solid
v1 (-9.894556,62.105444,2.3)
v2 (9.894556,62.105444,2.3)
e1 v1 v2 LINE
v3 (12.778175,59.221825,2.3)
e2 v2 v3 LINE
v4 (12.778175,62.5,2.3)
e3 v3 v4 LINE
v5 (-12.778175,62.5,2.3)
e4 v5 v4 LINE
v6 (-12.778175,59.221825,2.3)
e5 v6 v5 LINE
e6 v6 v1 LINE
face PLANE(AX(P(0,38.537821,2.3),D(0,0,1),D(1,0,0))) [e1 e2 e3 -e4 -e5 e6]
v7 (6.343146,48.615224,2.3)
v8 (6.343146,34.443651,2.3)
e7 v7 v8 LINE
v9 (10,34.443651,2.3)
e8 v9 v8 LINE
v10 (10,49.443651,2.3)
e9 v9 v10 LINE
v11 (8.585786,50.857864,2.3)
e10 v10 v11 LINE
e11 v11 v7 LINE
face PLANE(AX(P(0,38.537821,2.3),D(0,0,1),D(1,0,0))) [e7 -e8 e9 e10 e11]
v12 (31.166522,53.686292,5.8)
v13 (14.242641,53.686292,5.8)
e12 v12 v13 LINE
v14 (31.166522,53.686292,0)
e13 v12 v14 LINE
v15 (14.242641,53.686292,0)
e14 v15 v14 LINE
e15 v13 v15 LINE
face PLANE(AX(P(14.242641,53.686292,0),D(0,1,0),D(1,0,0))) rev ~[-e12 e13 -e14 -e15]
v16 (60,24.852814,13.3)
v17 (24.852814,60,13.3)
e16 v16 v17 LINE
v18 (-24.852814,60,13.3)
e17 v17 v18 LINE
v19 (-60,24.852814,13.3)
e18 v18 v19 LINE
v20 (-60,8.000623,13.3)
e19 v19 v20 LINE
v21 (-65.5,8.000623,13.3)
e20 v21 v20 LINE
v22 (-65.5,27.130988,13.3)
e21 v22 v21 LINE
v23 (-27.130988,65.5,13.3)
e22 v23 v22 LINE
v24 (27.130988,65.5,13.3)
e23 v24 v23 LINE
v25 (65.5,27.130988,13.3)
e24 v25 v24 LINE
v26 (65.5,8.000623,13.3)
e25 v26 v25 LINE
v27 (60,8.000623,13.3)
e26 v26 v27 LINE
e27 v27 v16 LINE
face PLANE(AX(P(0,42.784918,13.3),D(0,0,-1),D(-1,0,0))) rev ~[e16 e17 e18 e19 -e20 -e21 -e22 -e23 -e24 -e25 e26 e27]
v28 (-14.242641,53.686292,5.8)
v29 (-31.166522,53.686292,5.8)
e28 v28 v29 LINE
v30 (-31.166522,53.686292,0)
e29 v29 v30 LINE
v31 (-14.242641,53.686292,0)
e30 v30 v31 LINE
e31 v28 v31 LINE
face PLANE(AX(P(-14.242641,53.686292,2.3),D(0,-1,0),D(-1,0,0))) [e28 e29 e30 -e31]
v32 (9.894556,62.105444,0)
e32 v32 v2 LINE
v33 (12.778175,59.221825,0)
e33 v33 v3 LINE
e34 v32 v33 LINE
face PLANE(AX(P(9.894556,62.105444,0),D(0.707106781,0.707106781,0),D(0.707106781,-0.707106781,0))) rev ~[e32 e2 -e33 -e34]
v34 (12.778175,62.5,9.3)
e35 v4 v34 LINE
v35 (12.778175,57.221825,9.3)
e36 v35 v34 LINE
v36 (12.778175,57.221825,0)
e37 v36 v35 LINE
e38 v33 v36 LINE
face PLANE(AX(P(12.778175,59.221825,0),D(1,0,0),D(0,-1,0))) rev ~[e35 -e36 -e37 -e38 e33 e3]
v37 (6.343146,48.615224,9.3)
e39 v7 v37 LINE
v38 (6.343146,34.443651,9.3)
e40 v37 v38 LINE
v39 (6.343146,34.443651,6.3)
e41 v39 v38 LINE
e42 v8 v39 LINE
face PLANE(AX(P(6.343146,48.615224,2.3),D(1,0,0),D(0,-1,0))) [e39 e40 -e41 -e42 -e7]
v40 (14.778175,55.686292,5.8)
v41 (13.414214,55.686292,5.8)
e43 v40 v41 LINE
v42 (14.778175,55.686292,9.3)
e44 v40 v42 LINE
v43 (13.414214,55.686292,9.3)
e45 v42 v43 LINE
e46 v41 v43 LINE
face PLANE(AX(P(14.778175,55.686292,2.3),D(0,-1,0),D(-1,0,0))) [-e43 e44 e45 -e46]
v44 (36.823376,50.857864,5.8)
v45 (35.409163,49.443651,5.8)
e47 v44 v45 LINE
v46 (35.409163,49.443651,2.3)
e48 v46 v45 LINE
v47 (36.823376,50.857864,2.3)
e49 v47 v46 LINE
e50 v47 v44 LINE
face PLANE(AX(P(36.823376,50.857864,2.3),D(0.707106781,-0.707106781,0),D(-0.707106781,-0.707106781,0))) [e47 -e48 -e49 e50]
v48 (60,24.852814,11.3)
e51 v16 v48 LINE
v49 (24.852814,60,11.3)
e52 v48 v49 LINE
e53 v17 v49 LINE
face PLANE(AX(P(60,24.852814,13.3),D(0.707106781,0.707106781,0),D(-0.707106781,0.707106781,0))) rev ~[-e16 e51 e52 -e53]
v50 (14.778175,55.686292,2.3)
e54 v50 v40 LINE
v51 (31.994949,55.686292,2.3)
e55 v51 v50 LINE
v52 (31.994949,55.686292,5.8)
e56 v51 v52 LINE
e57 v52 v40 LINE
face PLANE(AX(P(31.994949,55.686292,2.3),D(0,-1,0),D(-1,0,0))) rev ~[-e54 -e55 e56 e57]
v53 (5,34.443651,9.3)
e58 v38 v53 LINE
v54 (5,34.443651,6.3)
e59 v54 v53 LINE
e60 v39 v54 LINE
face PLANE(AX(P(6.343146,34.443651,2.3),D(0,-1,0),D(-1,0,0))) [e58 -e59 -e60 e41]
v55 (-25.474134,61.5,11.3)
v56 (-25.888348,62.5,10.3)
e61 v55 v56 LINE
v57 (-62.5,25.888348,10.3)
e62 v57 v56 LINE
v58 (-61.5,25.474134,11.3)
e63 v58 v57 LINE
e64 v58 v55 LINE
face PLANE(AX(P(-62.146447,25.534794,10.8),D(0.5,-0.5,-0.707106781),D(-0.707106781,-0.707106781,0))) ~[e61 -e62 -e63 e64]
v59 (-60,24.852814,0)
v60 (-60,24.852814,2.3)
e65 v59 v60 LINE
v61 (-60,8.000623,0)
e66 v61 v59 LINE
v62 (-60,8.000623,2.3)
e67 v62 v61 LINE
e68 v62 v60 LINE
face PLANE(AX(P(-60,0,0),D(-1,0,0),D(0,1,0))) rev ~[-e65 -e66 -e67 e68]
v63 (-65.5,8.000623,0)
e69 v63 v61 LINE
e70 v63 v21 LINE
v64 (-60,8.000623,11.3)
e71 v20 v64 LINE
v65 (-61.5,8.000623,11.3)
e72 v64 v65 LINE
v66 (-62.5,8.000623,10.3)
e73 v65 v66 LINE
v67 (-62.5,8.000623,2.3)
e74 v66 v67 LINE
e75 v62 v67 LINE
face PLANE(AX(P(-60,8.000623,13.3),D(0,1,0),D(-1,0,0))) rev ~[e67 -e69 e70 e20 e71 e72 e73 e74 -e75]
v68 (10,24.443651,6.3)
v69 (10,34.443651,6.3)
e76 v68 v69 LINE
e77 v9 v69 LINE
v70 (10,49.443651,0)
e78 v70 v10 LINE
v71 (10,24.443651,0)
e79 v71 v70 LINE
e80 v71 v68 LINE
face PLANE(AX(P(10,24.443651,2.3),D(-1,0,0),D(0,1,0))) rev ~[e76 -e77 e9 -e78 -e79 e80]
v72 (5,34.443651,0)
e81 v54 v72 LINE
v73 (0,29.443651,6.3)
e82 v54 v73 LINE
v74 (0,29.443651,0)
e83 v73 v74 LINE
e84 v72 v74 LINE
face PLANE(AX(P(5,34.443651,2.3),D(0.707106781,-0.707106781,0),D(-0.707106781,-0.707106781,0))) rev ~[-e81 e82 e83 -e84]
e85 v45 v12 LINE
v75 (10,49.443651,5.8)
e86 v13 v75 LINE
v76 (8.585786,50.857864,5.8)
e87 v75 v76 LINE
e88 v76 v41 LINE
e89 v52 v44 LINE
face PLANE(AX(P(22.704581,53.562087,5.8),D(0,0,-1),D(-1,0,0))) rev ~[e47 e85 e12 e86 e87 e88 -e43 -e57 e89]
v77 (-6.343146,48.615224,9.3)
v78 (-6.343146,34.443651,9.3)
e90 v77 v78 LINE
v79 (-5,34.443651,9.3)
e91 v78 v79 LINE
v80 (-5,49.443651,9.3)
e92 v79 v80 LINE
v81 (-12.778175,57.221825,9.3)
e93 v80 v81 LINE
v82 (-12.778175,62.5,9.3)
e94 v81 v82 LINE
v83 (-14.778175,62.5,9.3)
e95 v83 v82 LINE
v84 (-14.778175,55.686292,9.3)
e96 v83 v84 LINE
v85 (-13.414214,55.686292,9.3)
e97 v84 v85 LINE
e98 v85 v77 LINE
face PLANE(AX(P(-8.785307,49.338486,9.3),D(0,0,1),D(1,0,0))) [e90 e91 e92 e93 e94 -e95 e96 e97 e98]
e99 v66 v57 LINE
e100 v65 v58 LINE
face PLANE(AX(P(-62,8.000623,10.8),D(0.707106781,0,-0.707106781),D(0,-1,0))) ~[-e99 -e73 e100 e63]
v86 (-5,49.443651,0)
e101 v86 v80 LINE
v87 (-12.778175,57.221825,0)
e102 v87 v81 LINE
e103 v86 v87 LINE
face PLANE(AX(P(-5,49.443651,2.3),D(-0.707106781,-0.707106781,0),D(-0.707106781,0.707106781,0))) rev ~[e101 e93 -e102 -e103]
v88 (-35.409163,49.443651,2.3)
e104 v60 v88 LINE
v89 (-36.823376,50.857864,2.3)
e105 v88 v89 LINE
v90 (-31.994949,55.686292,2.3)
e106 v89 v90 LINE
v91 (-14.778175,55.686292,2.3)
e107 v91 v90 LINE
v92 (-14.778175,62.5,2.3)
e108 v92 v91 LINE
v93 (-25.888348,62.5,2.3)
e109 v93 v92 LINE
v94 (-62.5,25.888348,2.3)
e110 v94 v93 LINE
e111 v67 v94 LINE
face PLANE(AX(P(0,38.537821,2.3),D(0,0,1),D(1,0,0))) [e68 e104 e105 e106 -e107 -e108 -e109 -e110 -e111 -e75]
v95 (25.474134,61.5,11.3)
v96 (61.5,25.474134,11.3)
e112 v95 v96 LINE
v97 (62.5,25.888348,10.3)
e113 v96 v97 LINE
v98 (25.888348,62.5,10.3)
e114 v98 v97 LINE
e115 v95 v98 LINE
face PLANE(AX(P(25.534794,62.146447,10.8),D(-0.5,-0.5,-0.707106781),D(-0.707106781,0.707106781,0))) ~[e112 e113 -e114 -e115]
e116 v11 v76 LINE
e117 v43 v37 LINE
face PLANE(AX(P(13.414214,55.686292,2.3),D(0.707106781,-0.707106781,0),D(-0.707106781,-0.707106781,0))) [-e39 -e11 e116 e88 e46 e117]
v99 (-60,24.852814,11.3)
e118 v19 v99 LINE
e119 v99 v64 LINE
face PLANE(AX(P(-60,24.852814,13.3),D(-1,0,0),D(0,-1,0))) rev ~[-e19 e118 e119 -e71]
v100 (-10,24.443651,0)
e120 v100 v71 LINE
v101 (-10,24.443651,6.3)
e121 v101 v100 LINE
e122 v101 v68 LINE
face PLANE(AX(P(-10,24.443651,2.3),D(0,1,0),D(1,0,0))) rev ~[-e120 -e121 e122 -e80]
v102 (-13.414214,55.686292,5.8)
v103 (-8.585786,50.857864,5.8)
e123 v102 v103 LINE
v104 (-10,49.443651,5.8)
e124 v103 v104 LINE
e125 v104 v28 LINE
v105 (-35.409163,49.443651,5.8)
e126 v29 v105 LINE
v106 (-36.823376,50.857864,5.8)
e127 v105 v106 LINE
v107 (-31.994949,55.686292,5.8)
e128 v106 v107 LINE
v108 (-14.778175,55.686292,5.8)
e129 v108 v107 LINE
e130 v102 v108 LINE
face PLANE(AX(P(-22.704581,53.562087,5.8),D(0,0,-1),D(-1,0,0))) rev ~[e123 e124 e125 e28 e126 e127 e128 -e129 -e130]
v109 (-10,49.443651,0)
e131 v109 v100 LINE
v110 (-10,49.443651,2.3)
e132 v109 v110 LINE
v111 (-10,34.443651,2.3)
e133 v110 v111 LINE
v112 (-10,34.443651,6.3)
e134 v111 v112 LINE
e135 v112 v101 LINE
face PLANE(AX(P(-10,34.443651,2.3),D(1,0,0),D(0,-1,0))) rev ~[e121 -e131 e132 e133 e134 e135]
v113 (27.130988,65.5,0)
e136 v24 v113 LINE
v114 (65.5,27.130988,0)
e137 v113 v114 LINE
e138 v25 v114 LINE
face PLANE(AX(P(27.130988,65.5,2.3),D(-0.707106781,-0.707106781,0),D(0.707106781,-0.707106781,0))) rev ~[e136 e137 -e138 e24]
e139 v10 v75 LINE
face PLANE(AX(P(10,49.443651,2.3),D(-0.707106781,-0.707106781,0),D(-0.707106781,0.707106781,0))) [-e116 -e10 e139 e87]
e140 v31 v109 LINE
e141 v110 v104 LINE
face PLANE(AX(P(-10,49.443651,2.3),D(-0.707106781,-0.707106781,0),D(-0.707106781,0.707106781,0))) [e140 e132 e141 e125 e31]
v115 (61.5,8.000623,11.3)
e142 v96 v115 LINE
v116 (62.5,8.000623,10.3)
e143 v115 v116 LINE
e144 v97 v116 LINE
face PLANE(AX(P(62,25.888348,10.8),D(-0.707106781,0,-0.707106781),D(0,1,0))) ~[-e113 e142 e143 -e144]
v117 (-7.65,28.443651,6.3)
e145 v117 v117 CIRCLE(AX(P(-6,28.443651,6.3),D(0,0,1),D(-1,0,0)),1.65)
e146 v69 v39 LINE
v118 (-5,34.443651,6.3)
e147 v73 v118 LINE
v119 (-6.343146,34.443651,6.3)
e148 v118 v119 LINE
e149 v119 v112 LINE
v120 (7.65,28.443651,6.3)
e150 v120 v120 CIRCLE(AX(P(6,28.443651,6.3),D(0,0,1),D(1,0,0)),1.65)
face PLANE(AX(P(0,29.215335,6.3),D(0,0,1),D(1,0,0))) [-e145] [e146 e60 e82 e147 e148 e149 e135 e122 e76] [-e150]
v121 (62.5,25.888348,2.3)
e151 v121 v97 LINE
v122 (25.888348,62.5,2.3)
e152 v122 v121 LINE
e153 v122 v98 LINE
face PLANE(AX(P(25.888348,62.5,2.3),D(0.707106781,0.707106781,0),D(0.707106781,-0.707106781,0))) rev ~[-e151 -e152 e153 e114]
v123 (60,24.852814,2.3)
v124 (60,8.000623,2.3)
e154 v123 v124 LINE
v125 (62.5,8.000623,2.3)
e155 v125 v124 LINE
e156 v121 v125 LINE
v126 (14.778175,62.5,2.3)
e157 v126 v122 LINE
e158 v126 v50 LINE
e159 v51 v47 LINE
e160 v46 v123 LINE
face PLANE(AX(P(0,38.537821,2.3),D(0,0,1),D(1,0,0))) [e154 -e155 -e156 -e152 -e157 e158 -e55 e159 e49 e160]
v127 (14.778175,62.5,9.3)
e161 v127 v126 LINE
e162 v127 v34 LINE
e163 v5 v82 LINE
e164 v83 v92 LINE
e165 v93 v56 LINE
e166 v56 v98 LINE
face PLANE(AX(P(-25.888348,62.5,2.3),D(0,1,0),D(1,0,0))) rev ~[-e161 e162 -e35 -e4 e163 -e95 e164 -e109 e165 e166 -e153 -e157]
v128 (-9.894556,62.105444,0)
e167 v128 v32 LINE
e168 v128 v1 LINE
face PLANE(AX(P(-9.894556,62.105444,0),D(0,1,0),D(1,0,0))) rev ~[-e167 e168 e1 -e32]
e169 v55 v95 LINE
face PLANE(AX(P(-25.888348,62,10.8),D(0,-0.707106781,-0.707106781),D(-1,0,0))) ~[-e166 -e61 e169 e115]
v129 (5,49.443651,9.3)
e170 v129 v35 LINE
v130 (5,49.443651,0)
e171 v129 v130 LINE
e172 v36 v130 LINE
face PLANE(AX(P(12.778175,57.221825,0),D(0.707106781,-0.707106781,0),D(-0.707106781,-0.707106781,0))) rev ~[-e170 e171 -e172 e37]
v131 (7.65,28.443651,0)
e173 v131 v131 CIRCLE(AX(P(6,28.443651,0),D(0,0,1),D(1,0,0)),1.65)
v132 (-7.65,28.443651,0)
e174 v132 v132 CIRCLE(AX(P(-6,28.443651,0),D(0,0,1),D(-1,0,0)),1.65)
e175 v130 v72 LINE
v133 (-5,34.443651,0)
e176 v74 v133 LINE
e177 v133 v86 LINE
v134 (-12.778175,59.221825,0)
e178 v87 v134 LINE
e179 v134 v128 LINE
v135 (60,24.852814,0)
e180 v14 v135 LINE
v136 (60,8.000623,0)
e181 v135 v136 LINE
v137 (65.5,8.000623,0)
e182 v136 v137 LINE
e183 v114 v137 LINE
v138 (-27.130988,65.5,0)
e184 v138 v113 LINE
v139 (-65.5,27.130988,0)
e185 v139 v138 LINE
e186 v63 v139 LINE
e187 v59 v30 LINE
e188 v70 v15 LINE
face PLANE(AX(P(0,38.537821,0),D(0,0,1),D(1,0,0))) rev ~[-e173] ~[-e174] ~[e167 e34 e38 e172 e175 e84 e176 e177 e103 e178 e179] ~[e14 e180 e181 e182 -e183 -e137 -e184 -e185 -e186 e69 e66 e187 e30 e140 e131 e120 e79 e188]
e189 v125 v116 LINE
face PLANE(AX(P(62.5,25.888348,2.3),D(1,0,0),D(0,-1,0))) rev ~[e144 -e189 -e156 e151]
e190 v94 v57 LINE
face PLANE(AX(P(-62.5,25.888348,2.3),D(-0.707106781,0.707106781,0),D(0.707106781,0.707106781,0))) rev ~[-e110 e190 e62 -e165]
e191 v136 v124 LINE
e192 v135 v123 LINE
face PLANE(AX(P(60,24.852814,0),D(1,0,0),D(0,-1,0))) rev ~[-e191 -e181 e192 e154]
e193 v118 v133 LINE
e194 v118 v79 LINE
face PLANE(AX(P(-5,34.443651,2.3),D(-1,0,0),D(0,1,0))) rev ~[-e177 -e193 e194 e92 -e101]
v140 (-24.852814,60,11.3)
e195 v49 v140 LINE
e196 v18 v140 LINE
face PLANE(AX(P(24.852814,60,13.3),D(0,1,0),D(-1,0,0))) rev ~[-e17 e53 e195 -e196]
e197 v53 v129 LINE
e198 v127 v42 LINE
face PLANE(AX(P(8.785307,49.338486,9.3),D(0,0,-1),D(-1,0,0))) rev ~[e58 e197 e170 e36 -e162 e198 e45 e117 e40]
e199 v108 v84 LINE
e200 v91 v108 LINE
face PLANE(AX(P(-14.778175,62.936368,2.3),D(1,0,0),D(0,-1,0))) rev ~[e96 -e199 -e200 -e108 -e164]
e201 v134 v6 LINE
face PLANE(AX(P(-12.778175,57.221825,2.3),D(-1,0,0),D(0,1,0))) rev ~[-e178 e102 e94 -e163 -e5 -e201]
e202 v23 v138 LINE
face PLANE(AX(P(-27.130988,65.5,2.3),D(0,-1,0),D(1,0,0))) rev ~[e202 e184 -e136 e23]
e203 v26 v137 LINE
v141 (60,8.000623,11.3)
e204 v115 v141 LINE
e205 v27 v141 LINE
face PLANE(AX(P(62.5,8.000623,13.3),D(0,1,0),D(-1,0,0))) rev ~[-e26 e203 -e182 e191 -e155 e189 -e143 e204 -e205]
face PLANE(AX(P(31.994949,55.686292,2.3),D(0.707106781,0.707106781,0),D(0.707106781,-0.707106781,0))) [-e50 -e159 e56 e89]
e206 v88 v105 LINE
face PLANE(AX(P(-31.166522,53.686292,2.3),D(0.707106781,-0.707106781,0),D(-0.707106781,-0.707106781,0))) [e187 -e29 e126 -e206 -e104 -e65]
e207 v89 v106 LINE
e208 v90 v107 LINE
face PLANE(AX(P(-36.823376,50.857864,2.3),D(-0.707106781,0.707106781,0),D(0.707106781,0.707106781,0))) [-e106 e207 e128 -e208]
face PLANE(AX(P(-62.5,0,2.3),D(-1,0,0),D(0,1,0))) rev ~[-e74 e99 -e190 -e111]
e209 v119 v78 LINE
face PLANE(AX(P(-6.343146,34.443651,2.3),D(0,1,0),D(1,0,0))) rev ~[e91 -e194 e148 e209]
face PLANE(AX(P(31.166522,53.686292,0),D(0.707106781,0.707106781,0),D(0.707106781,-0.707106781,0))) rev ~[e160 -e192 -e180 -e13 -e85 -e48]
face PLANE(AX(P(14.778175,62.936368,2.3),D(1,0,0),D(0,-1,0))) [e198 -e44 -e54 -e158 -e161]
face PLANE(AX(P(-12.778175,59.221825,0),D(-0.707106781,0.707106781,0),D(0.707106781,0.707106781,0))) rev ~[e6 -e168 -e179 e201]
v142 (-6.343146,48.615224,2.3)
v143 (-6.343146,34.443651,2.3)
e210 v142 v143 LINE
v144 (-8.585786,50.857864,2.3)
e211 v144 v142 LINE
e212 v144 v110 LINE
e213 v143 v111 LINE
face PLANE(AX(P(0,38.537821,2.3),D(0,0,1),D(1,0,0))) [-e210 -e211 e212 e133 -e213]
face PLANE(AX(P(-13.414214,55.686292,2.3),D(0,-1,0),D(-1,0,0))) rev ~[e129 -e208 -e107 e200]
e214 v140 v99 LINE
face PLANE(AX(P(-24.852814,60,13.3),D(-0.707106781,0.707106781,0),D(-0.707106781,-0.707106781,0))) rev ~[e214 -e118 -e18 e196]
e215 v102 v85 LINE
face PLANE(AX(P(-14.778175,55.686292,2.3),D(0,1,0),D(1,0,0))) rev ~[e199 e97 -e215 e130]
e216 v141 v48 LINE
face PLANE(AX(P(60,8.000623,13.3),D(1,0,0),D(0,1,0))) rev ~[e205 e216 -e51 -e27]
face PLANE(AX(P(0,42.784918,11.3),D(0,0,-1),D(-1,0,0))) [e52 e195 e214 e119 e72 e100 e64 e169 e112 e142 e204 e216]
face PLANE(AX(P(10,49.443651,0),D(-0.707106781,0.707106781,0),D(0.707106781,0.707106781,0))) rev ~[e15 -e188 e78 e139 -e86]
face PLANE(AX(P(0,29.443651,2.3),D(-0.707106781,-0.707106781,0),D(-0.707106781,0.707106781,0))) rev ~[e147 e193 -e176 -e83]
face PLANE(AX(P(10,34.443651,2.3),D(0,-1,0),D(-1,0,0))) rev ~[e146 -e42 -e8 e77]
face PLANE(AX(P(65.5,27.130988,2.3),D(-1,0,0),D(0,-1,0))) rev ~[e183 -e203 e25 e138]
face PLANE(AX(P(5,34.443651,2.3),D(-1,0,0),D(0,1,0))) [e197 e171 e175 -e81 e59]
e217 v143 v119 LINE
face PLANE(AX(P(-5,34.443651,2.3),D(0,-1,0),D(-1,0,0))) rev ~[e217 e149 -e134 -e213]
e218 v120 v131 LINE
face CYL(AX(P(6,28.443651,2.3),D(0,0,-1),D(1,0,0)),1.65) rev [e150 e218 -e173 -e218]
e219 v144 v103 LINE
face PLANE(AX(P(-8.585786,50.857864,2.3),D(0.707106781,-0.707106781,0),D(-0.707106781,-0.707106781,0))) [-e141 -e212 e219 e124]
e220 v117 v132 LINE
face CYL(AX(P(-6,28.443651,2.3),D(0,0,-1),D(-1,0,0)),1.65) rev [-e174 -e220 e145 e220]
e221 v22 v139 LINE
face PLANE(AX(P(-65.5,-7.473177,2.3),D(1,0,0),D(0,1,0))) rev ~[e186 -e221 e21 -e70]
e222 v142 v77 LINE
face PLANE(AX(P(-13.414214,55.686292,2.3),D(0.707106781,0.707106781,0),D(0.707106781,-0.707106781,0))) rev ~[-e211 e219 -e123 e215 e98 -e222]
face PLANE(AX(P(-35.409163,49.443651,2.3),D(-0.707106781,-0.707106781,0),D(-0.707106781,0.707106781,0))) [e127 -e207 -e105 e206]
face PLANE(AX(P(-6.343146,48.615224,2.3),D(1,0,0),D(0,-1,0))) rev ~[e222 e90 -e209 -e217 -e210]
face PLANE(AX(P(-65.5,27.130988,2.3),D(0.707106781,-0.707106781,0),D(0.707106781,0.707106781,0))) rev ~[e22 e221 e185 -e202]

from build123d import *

# Parameters (mm, degrees)
ESBO_O4_R                = 1.65
RESSALTO_EXTRUS_O1_DEPTH = 2.3
RESSALTO_EXTRUS_O2_DEPTH = 3.5
RESSALTO_EXTRUS_O3_DEPTH = 11
CORTE_EXTRUS_O1_DEPTH    = 10.5
CORTE_EXTRUS_O2_DEPTH    = 40.5
RESSALTO_EXTRUS_O4_DEPTH = 2
CHANFRO1_SIZE            = 1
ESBO_O11_R               = 1.65
RESSALTO_EXTRUS_O5_DEPTH = 4
RESSALTO_EXTRUS_O6_DEPTH = 7


with BuildPart() as part:
    # Esboço4 → Ressalto-extrusão1 (new body)
    with BuildSketch(Plane.XY):
        Polygon((70, 0), (70, 28.994949366), (28.994949366, 70), (-28.994949366, 70), (-70, 28.994949366), (-70, 0), (-60, 0), (-60, 24.852813742), (-42.426406871, 42.426406871), (-31.166522241, 53.686291501), (-14.242640687, 53.686291501), (-10, 49.443650814), (-10, 24.443650814), (10, 24.443650814), (10, 49.443650814), (14.242640687, 53.686291501), (31.166522241, 53.686291501), (42.426406871, 42.426406871), (60, 24.852813742), (60, 0), align=None)
        with Locations((6, 28.443650814)):
            Circle(ESBO_O4_R, mode=Mode.SUBTRACT)
        with Locations(Location((-6, 28.443650814, 0), (0, 0, 180))):
            Circle(ESBO_O4_R, mode=Mode.SUBTRACT)
        Polygon((-9.894556364, 62.105443636), (9.894556364, 62.105443636), (12.778174593, 59.221825407), (12.778174593, 57.221825407), (5, 49.443650814), (5, 34.443650814), (0, 29.443650814), (-5, 34.443650814), (-5, 49.443650814), (-12.778174593, 57.221825407), (-12.778174593, 59.221825407), align=None, mode=Mode.SUBTRACT)
    extrude(amount=RESSALTO_EXTRUS_O1_DEPTH)

    # Esboço6 → Ressalto-extrusão2 (add)
    with BuildSketch(Plane.XY.offset(2.3)):
        Polygon((-10, 49.443650814), (-14.242640687, 53.686291501), (-31.166522241, 53.686291501), (-35.409162928, 49.443650814), (-36.823376491, 50.857864376), (-31.994949366, 55.686291501), (-31.166522241, 55.686291501), (-13.414213562, 55.686291501), (-8.585786438, 50.857864376), align=None)
        Polygon((8.585786438, 50.857864376), (13.414213562, 55.686291501), (31.166522241, 55.686291501), (31.994949366, 55.686291501), (36.823376491, 50.857864376), (35.409162928, 49.443650814), (31.166522241, 53.686291501), (14.242640687, 53.686291501), (10, 49.443650814), align=None)
    extrude(amount=RESSALTO_EXTRUS_O2_DEPTH)

    # Esboço7 → Ressalto-extrusão3 (add)
    with BuildSketch(Plane.XY.offset(2.3)):
        Polygon((27.130988335, 65.5), (-27.130988335, 65.5), (-65.5, 27.130988335), (-65.5, 0), (-62.5, 0), (-62.5, 25.888347648), (-25.888347648, 62.5), (25.888347648, 62.5), (62.5, 25.888347648), (62.5, 0), (65.5, 0), (65.5, 27.130988335), align=None)
    extrude(amount=RESSALTO_EXTRUS_O3_DEPTH)

    # Esboço8 → Corte-extrusão1 (cut)
    with BuildSketch(Plane.XY.offset(2.3)):
        Polygon((-65.5, 0), (-65.5, 27.130988335), (-27.130988335, 65.5), (27.130988335, 65.5), (65.5, 27.130988335), (65.5, 0), (65.5, -7.47317723), (91.763905533, -7.47317723), (91.763905533, 81.084833901), (-91.763905533, 81.084833901), (-91.763905533, -7.47317723), (-65.5, -7.47317723), align=None)
    extrude(amount=-CORTE_EXTRUS_O1_DEPTH, mode=Mode.SUBTRACT)

    # Esboço9 → Corte-extrusão2 (cut)
    with BuildSketch(Plane(origin=(0, 0, 0), x_dir=(-1, 0, 0), z_dir=(0, 0, -1))):
        Polygon((60, 0), (70, 0), (70, 8.000623443), (-93.298268705, 8.000623443), (-93.298268705, 0), align=None)
    extrude(amount=-CORTE_EXTRUS_O2_DEPTH, mode=Mode.SUBTRACT)

    # Esboço10 → Ressalto-extrusão4 (add)
    with BuildSketch(Plane.XY.offset(13.3)):
        Polygon((-62.5, 8.000623443), (-62.5, 25.888347648), (-25.888347648, 62.5), (25.888347648, 62.5), (62.5, 25.888347648), (62.5, 8.000623443), (60, 8.000623443), (60, 24.852813742), (24.852813742, 60), (-24.852813742, 60), (-60, 24.852813742), (-60, 8.000623443), align=None)
    extrude(amount=-RESSALTO_EXTRUS_O4_DEPTH)

    # Chanfro1
    chanfro1_edges = [part.edges().sort_by_distance(p)[0] for p in [
        (-62.5, 16.944485546, 11.3),
        (-44.194173824, 44.194173824, 11.3),
        (0, 62.5, 11.3),
        (44.194173824, 44.194173824, 11.3),
        (62.5, 16.944485546, 11.3),
    ]]
    chamfer(chanfro1_edges, length=CHANFRO1_SIZE)

    # Esboço11 → Ressalto-extrusão5 (add)
    with BuildSketch(Plane.XY.offset(2.3)):
        Polygon((-10, 24.443650814), (10, 24.443650814), (10, 34.443650814), (5, 34.443650814), (0, 29.443650814), (-5, 34.443650814), (-10, 34.443650814), align=None)
        with Locations(Location((-6, 28.443650814, 0), (0, 0, 180))):
            Circle(ESBO_O11_R, mode=Mode.SUBTRACT)
        with Locations((6, 28.443650814)):
            Circle(ESBO_O11_R, mode=Mode.SUBTRACT)
    extrude(amount=RESSALTO_EXTRUS_O5_DEPTH)

    # Esboço12 → Ressalto-extrusão6 (add)
    with BuildSketch(Plane.XY.offset(2.3)):
        Polygon((-5, 34.443650814), (-5, 49.443650814), (-12.778174593, 57.221825407), (-12.778174593, 62.936367936), (-14.778174593, 62.936367936), (-14.778174593, 55.686291501), (-13.414213562, 55.686291501), (-6.343145751, 48.615223689), (-6.343145751, 34.443650814), align=None)
        Polygon((6.343145751, 34.443650814), (5, 34.443650814), (5, 49.443650814), (12.778174593, 57.221825407), (12.778174593, 62.936367936), (14.778174593, 62.936367936), (14.778174593, 55.686291501), (13.414213562, 55.686291501), (6.343145751, 48.615223689), align=None)
    extrude(amount=RESSALTO_EXTRUS_O6_DEPTH)


solid = part.part
